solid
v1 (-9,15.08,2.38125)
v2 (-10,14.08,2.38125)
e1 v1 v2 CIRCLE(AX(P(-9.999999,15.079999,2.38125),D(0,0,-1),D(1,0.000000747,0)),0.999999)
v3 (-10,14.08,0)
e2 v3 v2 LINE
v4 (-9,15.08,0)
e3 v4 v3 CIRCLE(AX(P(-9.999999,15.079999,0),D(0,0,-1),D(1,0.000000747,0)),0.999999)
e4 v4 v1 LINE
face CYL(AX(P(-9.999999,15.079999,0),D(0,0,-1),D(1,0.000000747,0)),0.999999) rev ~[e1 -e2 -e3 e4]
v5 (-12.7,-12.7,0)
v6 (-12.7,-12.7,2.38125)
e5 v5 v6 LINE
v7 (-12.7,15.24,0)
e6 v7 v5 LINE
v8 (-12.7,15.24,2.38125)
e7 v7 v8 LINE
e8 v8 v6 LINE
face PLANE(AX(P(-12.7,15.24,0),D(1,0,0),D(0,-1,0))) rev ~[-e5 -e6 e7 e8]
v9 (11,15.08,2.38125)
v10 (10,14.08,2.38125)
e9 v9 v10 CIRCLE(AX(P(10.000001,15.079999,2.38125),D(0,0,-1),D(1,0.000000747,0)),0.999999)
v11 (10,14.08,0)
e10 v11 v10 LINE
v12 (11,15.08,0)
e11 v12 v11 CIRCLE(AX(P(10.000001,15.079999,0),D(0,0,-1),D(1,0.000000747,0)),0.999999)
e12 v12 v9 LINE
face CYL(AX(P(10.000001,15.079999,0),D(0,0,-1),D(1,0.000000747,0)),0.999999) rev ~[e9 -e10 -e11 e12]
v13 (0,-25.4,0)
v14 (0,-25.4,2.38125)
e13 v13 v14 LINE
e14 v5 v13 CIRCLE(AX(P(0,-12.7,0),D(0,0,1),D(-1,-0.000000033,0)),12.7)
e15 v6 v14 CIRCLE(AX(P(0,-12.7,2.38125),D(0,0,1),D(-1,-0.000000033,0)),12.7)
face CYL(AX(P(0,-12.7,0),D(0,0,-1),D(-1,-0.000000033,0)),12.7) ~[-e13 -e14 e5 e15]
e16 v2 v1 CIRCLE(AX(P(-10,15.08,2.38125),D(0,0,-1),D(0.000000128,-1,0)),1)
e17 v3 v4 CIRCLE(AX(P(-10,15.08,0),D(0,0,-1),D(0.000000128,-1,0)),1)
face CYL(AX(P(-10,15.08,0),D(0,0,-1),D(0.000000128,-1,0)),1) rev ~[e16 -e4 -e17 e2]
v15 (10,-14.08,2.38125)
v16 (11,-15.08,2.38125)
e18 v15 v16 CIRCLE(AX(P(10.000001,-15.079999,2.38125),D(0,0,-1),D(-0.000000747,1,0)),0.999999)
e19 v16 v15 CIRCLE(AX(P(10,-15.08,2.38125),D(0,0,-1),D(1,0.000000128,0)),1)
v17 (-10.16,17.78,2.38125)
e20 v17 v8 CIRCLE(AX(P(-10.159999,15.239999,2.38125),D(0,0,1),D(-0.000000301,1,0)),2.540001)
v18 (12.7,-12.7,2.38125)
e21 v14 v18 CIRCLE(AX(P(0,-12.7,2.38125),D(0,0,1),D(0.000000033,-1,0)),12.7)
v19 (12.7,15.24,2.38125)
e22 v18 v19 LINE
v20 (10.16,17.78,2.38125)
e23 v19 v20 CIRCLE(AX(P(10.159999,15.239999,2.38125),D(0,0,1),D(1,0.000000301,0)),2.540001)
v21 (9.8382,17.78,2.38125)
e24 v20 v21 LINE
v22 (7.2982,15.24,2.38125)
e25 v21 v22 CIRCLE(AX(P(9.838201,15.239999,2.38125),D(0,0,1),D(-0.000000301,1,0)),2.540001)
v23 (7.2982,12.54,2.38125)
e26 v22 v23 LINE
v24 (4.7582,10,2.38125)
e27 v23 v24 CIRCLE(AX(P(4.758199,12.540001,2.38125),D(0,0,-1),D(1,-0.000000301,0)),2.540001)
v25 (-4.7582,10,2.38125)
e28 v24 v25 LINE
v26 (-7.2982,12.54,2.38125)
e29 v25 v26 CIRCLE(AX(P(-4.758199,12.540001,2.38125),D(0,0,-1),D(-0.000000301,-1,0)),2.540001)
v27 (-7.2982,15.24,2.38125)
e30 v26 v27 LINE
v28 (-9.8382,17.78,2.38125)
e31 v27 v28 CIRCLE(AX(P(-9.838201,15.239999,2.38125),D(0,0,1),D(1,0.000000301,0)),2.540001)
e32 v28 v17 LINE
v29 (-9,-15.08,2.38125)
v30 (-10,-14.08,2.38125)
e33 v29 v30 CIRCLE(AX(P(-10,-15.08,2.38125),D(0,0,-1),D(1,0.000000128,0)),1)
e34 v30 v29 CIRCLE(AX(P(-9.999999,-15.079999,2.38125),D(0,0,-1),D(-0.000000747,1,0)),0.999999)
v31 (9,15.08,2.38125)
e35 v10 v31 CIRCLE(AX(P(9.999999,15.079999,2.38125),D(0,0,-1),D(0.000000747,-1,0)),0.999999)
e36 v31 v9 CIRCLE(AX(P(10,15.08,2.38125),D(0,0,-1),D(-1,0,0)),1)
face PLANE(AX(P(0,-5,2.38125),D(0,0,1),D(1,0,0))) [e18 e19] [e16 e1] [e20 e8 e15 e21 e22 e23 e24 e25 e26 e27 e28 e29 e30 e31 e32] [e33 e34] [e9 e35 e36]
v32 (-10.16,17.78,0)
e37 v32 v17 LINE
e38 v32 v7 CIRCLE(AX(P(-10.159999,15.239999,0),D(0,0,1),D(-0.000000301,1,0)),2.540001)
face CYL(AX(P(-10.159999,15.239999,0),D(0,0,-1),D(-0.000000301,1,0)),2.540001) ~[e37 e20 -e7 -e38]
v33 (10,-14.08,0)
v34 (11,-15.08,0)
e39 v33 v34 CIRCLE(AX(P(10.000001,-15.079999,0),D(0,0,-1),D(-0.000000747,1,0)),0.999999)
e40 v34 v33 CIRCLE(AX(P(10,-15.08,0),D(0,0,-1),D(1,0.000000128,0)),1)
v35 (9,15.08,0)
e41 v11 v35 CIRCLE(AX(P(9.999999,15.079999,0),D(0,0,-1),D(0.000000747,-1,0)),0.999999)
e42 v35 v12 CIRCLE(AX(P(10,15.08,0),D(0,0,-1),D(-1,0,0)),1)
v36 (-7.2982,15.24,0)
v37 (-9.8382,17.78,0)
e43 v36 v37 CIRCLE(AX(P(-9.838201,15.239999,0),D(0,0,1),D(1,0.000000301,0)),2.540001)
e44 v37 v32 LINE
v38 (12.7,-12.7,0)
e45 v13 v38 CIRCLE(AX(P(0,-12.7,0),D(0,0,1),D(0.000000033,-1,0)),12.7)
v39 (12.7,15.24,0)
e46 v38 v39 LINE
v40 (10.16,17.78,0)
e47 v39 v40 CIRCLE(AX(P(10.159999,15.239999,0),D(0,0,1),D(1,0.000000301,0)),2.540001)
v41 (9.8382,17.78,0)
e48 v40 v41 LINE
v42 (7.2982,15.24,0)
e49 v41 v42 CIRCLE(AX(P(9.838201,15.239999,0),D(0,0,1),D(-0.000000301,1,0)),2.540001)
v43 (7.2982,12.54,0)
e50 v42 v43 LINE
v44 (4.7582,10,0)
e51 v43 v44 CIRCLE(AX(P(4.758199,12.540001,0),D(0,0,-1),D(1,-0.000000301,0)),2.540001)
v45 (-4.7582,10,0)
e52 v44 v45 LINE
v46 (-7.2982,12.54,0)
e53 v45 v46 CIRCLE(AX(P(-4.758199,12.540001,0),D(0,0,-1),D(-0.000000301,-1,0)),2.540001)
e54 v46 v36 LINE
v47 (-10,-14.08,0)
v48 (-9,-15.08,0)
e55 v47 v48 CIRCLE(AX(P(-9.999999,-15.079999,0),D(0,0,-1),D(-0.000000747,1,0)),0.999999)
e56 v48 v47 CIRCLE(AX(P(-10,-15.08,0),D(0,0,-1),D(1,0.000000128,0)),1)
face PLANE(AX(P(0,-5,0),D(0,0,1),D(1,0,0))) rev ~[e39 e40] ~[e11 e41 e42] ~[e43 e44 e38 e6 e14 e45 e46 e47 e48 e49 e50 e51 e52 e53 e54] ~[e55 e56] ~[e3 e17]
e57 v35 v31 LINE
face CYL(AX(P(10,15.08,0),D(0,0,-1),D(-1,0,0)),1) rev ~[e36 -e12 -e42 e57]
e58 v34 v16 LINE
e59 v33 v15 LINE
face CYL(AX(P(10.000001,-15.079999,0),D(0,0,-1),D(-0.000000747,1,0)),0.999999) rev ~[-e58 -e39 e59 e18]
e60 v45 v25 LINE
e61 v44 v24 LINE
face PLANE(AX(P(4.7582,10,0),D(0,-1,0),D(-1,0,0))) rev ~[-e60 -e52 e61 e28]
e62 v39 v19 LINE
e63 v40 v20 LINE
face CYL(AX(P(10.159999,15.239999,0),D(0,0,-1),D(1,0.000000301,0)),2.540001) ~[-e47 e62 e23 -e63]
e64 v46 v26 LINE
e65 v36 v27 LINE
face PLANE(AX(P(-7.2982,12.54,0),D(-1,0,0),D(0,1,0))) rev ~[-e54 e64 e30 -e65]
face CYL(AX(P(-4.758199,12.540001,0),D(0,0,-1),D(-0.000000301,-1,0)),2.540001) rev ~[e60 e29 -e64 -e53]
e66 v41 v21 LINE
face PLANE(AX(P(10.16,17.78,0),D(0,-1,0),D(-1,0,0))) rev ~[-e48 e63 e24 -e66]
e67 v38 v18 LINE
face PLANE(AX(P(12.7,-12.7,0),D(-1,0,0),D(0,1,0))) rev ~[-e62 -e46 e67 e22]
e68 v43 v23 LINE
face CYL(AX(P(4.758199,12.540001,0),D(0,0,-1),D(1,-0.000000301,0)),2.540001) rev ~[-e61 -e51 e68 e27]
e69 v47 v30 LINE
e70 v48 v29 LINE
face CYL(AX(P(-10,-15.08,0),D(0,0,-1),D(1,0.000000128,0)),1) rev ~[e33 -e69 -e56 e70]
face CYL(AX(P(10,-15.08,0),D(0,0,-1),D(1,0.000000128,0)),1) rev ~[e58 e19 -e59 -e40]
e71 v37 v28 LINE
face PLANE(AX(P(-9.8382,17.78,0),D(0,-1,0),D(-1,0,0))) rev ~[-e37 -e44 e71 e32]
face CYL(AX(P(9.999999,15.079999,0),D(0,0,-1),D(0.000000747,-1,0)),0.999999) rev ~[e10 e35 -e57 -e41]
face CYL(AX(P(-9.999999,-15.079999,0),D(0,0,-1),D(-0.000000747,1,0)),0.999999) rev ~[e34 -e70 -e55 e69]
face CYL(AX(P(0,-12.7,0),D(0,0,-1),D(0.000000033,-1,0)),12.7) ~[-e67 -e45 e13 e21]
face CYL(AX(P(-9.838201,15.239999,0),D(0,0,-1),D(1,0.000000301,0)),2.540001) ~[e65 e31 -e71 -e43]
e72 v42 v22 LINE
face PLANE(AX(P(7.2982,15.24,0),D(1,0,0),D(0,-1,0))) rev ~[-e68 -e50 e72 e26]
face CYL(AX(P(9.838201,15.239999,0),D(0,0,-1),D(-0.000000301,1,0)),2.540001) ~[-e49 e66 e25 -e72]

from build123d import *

# Parameters (mm, degrees)
F1_DEPTH = 2.38125


with BuildPart() as f1:
    # F0 (on Top) → F1 (new body)
    with BuildSketch(Plane.XY):
        Polygon((10, 0), (0, 0), (-10, 0), (-10, -10), (10, -10), align=None)
        with BuildLine():
            Line((10, 10), (10, 0))
            Line((10, 0), (12.7, 0))
            Line((12.7, 0), (12.7, 15.24))
            ThreePointArc((12.7, 15.24), (11.956051, 17.036051), (10.16, 17.78))
            Line((10.16, 17.78), (9.8382, 17.78))
            ThreePointArc((9.8382, 17.78), (8.042149, 17.036051), (7.2982, 15.24))
            Line((7.2982, 15.24), (7.2982, 15.08))
            Line((7.2982, 15.08), (9, 15.08))
            ThreePointArc((9, 15.08), (10, 16.08), (11, 15.08))
            ThreePointArc((11, 15.08), (10.707107, 14.372893), (10, 14.08))
            Line((10, 14.08), (10, 10))
        make_face()
        with BuildLine():
            Line((-10, 0), (0, 0))
            Line((0, 0), (10, 0))
            Line((10, 0), (10, 10))
            Line((10, 10), (10, 14.08))
            ThreePointArc((10, 14.08), (9.292893, 14.372893), (9, 15.08))
            Line((9, 15.08), (7.2982, 15.08))
            Line((7.2982, 15.08), (7.2982, 12.54))
            ThreePointArc((7.2982, 12.54), (6.554251, 10.743949), (4.7582, 10))
            Line((4.7582, 10), (-4.7582, 10))
            ThreePointArc((-4.7582, 10), (-6.554251, 10.743949), (-7.2982, 12.54))
            Line((-7.2982, 12.54), (-7.2982, 15.08))
            Line((-7.2982, 15.08), (-9, 15.08))
            ThreePointArc((-9, 15.08), (-9.292893, 14.372893), (-10, 14.08))
            Line((-10, 14.08), (-10, 10))
            Line((-10, 10), (-10, 0))
        make_face()
        with BuildLine():
            Line((-12.7, 0), (-10, 0))
            Line((-10, 0), (-10, 10))
            Line((-10, 10), (-10, 14.08))
            ThreePointArc((-10, 14.08), (-10.707107, 15.787107), (-9, 15.08))
            Line((-9, 15.08), (-7.2982, 15.08))
            Line((-7.2982, 15.08), (-7.2982, 15.24))
            ThreePointArc((-7.2982, 15.24), (-8.042149, 17.036051), (-9.8382, 17.78))
            Line((-9.8382, 17.78), (-10.16, 17.78))
            ThreePointArc((-10.16, 17.78), (-11.956051, 17.036051), (-12.7, 15.24))
            Line((-12.7, 15.24), (-12.7, 0))
        make_face()
        with BuildLine():
            Line((12.7, 0), (10, 0))
            Line((10, 0), (10, -10))
            Line((10, -10), (-10, -10))
            Line((-10, -10), (-10, 0))
            Line((-10, 0), (-12.7, 0))
            Line((-12.7, 0), (-12.7, -12.7))
            ThreePointArc((-12.7, -12.7), (-8.980256, -21.680256), (0, -25.4))
            ThreePointArc((0, -25.4), (8.980256, -21.680256), (12.7, -12.7))
            Line((12.7, -12.7), (12.7, 0))
        make_face()
        with BuildLine():
            ThreePointArc((-9, -15.08), (-10.707107, -15.787107), (-10, -14.08))
            ThreePointArc((-10, -14.08), (-9.292893, -14.372893), (-9, -15.08))
        make_face(mode=Mode.SUBTRACT)
        with BuildLine():
            ThreePointArc((11, -15.08), (9.292893, -15.787107), (10, -14.08))
            ThreePointArc((10, -14.08), (10.707107, -14.372893), (11, -15.08))
        make_face(mode=Mode.SUBTRACT)
    extrude(amount=F1_DEPTH)


solid = f1.part
